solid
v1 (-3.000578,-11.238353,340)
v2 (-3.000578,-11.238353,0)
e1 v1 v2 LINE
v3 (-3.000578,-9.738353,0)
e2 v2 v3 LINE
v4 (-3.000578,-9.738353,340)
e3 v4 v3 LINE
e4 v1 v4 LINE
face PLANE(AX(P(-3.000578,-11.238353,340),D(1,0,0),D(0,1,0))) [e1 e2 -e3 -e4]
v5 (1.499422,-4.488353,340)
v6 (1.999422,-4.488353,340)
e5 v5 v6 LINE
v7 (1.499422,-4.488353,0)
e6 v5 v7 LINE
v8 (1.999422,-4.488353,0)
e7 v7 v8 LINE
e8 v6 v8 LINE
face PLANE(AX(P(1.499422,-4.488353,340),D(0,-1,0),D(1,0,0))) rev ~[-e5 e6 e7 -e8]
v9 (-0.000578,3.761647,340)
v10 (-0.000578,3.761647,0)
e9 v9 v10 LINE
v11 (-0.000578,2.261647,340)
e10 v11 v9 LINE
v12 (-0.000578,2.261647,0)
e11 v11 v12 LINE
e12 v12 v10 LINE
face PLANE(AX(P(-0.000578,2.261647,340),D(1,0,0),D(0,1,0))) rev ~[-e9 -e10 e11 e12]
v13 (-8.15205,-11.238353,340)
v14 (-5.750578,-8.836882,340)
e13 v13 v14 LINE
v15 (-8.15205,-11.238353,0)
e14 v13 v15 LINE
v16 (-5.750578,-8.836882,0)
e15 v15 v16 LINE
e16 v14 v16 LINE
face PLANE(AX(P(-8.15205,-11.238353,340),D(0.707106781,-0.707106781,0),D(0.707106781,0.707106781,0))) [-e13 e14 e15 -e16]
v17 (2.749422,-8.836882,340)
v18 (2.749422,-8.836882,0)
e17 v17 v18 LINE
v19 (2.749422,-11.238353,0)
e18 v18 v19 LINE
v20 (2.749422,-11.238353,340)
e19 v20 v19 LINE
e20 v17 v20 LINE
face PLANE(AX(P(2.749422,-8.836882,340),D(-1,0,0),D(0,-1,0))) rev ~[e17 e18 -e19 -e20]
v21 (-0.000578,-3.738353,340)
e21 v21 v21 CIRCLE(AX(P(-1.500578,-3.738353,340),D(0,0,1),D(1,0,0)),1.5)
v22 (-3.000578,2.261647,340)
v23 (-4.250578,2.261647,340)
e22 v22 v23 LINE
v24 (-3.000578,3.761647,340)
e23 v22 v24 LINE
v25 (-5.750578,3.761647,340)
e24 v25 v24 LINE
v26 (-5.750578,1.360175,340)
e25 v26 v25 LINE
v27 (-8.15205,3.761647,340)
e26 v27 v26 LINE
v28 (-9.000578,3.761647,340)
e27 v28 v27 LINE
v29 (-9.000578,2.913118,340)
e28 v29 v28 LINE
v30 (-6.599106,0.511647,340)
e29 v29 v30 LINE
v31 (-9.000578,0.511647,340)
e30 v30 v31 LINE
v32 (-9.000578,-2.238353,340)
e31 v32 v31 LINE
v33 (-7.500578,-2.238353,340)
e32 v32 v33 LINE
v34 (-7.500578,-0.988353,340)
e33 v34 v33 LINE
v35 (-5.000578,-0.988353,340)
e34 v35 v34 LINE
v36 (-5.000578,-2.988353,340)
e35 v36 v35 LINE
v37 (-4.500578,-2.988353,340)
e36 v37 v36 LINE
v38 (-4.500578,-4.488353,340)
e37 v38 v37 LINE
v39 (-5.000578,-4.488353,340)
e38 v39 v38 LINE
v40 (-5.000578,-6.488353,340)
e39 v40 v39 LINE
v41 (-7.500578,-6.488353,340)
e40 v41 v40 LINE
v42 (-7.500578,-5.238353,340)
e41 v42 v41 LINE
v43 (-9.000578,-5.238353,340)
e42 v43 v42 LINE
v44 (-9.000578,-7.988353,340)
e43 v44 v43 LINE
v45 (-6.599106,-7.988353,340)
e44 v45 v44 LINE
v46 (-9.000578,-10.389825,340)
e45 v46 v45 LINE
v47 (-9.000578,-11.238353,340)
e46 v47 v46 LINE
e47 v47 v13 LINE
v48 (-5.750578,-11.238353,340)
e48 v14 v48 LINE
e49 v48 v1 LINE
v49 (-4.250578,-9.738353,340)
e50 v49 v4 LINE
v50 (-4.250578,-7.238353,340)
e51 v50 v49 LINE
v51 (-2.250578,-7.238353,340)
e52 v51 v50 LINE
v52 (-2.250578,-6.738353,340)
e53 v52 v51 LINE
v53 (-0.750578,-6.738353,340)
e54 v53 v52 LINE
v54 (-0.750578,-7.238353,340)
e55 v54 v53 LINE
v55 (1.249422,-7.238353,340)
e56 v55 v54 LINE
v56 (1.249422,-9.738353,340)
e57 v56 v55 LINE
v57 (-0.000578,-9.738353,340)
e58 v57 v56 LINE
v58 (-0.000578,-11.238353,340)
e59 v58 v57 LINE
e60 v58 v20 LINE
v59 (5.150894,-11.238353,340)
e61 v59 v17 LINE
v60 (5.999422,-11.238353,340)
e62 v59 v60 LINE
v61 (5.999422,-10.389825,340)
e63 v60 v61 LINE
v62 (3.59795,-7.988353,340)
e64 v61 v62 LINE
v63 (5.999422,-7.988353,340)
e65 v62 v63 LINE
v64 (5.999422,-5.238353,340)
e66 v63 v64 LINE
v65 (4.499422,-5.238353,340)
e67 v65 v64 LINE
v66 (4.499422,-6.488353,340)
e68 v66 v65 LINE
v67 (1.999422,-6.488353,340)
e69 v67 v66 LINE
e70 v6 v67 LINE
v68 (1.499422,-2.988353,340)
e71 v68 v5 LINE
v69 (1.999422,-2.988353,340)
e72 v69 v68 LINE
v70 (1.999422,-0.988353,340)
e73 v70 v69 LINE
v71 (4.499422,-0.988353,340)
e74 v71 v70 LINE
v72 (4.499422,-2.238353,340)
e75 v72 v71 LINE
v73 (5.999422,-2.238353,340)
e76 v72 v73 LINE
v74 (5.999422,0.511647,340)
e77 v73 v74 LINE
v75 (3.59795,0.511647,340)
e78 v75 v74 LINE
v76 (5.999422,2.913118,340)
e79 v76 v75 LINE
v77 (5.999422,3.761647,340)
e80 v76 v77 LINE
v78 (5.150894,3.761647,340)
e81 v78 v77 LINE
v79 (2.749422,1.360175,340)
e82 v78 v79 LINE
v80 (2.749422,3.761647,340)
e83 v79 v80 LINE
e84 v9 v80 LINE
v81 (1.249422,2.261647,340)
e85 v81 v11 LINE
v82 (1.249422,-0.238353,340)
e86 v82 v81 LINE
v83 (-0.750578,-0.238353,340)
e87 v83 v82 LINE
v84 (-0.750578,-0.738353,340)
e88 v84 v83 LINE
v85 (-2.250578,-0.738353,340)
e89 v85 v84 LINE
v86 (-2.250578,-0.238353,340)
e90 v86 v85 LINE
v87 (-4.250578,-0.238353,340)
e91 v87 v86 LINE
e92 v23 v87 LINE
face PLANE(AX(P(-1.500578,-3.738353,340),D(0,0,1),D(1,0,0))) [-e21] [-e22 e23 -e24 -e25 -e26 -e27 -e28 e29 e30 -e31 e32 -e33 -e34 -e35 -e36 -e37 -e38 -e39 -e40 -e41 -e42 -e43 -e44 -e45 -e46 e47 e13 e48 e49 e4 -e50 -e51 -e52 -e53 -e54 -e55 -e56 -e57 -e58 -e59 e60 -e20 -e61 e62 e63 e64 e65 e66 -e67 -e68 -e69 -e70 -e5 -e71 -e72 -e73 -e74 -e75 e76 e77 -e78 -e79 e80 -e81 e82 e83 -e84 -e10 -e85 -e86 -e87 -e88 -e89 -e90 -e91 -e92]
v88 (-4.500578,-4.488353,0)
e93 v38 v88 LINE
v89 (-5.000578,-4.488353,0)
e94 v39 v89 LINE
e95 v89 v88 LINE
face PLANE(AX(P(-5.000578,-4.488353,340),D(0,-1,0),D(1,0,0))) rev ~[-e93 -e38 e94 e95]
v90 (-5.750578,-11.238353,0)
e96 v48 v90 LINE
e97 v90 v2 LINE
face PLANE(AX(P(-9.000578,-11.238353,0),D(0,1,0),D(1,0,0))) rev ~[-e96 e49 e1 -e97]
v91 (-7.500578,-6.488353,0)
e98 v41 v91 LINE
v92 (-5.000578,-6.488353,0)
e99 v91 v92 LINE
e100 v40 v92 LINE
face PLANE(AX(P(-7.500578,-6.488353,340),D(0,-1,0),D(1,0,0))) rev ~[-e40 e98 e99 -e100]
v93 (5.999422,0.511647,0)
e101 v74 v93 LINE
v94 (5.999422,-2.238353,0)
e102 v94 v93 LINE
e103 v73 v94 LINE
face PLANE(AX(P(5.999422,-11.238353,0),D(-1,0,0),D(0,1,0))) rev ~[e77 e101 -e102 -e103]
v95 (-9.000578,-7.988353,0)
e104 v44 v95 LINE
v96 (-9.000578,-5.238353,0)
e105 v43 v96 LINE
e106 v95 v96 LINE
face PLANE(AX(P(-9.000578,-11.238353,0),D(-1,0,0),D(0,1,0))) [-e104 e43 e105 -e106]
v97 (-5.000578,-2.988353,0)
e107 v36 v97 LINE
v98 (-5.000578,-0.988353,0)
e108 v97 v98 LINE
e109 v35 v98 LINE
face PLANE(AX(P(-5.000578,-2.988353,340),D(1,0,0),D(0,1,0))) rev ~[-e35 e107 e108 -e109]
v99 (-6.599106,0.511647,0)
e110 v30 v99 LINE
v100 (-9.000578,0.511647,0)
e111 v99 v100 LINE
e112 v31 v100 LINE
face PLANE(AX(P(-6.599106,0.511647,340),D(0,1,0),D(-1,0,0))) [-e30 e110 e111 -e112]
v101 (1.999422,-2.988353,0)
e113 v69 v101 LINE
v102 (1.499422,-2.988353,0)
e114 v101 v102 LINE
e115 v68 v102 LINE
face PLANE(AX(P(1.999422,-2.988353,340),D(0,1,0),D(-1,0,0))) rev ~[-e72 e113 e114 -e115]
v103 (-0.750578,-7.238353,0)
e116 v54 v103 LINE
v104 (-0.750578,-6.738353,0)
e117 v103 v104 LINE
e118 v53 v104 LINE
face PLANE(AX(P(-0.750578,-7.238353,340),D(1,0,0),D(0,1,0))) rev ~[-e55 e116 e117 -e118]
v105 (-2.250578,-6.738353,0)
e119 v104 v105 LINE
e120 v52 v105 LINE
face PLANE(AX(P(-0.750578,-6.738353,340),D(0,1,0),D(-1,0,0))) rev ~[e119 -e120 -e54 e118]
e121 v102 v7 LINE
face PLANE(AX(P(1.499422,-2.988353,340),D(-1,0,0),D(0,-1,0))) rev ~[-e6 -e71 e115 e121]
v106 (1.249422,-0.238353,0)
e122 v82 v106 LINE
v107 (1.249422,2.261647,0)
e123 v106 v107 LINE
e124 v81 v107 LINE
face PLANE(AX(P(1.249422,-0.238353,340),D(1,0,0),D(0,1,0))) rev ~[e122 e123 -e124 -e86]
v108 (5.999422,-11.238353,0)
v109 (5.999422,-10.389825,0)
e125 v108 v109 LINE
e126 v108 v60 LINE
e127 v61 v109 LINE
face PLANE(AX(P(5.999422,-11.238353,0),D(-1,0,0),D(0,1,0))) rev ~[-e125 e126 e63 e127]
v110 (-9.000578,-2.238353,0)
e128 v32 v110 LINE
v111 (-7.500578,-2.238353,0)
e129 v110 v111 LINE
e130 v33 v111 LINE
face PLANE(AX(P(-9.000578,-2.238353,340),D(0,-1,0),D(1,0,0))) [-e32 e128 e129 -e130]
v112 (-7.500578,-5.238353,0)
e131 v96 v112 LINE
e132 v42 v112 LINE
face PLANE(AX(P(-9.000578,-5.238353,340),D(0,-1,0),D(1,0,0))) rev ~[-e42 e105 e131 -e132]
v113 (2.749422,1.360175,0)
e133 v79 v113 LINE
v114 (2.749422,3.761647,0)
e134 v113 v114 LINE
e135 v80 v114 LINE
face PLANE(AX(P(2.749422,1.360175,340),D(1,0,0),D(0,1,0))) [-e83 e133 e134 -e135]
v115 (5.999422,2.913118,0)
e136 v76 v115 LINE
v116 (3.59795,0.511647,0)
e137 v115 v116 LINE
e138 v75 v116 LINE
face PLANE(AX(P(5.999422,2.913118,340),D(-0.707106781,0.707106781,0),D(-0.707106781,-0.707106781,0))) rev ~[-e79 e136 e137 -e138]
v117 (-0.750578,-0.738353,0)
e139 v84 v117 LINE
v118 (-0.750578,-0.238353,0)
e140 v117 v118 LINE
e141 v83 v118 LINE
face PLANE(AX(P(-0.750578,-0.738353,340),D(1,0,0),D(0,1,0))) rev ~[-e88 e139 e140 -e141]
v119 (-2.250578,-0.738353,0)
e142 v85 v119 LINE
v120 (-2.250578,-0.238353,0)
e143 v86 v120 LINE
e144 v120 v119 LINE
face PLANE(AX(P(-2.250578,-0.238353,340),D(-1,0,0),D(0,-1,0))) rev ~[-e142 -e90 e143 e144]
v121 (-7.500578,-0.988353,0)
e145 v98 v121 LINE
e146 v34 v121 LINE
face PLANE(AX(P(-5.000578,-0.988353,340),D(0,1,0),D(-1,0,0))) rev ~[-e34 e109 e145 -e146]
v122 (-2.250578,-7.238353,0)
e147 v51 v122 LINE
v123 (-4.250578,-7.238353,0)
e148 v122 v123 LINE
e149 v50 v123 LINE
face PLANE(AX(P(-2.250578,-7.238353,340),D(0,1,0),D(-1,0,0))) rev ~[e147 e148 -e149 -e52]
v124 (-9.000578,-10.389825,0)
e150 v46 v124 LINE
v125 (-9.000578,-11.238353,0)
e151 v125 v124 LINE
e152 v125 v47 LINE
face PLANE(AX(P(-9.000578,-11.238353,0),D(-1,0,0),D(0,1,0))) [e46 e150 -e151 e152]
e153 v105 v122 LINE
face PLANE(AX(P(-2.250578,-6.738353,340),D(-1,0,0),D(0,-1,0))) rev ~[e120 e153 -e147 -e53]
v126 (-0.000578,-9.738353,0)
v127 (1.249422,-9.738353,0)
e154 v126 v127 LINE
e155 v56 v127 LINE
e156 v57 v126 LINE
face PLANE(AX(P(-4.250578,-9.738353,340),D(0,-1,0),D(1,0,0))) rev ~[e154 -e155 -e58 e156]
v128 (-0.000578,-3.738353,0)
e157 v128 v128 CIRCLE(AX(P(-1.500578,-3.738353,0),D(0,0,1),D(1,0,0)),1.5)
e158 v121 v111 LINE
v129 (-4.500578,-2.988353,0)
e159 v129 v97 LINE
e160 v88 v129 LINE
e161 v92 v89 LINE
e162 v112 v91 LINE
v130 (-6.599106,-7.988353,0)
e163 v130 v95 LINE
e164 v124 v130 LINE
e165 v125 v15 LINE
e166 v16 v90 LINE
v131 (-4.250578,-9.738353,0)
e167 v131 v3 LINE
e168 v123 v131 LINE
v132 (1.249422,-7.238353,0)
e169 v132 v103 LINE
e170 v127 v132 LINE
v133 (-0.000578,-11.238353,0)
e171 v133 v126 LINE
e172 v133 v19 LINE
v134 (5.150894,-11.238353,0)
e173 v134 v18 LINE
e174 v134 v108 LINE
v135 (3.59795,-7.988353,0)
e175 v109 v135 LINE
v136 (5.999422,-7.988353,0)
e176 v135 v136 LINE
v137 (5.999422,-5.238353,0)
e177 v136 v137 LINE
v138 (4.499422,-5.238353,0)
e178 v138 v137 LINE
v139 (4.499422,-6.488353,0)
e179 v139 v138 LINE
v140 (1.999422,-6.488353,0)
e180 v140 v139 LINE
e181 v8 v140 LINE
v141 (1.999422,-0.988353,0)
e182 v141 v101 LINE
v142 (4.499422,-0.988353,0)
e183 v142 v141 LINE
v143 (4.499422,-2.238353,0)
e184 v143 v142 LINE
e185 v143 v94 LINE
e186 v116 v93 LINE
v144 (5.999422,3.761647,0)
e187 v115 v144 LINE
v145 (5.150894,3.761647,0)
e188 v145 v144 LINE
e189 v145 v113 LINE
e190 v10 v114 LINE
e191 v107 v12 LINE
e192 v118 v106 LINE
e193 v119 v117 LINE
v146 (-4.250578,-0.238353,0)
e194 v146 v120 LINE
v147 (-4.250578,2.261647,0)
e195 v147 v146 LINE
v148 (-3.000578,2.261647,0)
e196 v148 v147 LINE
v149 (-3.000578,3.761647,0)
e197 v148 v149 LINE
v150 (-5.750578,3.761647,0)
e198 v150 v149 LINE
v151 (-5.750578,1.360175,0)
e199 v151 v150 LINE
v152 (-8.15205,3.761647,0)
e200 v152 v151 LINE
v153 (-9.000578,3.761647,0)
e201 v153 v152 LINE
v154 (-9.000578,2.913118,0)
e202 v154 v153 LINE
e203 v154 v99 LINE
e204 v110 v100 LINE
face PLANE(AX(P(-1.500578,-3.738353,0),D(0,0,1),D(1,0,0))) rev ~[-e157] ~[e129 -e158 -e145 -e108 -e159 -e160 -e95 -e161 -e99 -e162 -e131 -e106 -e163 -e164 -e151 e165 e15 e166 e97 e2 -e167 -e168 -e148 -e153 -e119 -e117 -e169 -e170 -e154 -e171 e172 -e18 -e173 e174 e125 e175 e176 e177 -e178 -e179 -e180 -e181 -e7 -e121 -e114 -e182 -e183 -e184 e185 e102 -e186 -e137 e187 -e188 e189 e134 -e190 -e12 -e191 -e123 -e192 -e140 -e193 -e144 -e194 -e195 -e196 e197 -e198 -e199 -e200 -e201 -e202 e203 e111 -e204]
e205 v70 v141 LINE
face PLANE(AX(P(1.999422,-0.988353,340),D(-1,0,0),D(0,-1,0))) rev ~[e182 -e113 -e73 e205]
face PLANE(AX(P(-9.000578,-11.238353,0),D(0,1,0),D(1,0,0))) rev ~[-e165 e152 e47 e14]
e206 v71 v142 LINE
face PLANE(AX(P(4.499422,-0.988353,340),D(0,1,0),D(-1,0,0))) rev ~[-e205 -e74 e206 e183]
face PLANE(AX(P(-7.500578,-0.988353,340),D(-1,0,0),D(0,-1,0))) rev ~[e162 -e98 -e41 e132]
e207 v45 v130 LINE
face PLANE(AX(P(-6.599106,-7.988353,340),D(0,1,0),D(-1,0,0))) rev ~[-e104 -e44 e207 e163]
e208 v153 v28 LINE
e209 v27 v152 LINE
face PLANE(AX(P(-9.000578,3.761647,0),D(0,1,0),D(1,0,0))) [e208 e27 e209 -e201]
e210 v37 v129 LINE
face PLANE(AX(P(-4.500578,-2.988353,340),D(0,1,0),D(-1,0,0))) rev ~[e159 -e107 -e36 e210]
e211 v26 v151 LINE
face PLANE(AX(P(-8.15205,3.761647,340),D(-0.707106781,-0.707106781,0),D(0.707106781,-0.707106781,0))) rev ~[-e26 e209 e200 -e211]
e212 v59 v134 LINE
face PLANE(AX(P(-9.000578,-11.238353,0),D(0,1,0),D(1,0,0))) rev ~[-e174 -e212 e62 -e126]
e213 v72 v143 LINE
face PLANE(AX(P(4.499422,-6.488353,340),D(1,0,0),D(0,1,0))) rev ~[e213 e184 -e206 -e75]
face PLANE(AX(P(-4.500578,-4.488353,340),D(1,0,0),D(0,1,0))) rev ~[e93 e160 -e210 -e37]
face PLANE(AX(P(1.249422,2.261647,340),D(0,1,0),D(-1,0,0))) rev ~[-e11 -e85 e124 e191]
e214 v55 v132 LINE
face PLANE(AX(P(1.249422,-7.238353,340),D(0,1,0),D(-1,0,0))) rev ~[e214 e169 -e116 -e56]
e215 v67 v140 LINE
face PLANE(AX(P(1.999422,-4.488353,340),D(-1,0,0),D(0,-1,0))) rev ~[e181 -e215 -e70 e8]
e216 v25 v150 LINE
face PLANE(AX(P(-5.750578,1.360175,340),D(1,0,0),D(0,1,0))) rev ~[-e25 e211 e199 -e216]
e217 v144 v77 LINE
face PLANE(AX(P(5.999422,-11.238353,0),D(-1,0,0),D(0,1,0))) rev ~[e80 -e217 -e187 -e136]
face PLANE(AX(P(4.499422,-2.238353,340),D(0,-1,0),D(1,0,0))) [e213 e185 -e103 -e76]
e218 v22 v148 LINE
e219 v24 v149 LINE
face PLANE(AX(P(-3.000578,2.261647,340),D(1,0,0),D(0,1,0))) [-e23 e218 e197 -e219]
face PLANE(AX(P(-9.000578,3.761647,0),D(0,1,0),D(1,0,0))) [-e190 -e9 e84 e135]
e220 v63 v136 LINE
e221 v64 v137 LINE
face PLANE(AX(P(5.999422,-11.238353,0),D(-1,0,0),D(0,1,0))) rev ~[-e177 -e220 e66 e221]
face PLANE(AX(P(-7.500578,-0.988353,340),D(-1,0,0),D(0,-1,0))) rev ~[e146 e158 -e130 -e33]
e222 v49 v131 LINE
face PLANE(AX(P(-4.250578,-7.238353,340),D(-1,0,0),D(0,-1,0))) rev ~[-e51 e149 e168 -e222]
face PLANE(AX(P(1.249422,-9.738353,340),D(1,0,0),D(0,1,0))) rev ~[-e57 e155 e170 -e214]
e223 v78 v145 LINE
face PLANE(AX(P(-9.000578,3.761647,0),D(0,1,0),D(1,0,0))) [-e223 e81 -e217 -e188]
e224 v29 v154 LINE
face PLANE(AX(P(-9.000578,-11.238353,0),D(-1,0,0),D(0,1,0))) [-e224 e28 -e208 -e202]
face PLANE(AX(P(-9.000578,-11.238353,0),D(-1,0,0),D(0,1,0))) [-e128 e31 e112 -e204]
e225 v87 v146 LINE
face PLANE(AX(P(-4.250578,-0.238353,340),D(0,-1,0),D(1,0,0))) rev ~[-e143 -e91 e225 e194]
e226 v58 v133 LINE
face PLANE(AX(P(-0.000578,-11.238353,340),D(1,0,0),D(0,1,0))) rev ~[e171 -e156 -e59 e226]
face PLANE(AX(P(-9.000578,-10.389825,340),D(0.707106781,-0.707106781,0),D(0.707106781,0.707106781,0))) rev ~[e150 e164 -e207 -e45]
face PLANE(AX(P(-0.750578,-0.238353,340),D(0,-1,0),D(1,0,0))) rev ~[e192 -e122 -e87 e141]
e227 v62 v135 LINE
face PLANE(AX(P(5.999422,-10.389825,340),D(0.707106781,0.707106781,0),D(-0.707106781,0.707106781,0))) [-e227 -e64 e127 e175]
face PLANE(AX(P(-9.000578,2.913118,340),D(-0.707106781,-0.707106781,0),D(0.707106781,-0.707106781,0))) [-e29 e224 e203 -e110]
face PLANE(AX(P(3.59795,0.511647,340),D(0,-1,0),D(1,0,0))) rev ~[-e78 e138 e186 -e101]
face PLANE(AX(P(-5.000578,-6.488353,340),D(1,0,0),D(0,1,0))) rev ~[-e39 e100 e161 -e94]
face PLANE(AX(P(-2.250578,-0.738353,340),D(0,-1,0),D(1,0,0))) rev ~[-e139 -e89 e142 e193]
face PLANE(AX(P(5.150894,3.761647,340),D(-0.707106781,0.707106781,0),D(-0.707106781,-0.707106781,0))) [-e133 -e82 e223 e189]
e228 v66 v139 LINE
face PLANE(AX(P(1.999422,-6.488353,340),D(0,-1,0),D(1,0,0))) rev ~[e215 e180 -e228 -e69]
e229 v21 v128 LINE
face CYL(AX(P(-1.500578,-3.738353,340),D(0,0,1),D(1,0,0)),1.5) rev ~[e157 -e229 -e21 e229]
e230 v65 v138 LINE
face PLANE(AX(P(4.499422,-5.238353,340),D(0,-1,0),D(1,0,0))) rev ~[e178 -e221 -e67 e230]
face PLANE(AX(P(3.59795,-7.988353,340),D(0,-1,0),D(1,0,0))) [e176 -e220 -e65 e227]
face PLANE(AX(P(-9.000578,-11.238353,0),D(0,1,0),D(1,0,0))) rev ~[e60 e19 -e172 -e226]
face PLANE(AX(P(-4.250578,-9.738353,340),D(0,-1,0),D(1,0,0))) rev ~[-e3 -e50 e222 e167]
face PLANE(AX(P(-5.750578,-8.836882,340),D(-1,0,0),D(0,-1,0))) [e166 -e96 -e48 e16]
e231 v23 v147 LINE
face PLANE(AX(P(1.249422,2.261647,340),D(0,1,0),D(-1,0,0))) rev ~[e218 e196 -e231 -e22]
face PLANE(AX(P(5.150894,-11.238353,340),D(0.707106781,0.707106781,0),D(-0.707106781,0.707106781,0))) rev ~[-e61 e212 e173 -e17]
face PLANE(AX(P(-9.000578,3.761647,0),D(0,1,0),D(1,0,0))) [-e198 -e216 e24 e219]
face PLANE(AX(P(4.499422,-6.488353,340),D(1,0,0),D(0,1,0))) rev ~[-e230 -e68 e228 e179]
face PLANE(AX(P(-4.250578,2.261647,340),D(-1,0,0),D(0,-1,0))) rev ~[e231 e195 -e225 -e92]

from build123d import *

# Parameters (mm, degrees)
SKETCH1_W           = 15
SKETCH1_H           = 15
BOSS_EXTRUDE1_DEPTH = 340
SKETCH2_R           = 1.5
CUT_EXTRUDE1_DEPTH  = 340
SKETCH3_W           = 3
SKETCH3_H           = 1.5
SKETCH3_W_2         = 1.5
SKETCH3_H_2         = 3
CUT_EXTRUDE2_DEPTH  = 340


with BuildPart() as part:
    # Sketch1 → Boss-Extrude1 (new body)
    with BuildSketch(Plane.XY):
        with Locations((-1.500578266, -3.738353388)):
            Rectangle(SKETCH1_W, SKETCH1_H)
    extrude(amount=BOSS_EXTRUDE1_DEPTH)

    # Sketch2 → Cut-Extrude1 (cut)
    with BuildSketch(Plane.XY.offset(340)):
        with Locations((-1.500578266, -3.738353388)):
            Circle(SKETCH2_R)
        Polygon((1.999421734, -4.488353388), (1.999421734, -6.488353388), (4.499421734, -6.488353388), (4.499421734, -0.988353388), (1.999421734, -0.988353388), (1.999421734, -2.988353388), (1.499421734, -2.988353388), (1.499421734, -4.488353388), align=None)
        Polygon((-4.250578266, -7.238353388), (-4.250578266, -9.738353388), (1.249421734, -9.738353388), (1.249421734, -7.238353388), (-0.750578266, -7.238353388), (-0.750578266, -6.738353388), (-2.250578266, -6.738353388), (-2.250578266, -7.238353388), align=None)
        Polygon((-5.000578266, -0.988353388), (-7.500578266, -0.988353388), (-7.500578266, -6.488353388), (-5.000578266, -6.488353388), (-5.000578266, -4.488353388), (-4.500578266, -4.488353388), (-4.500578266, -2.988353388), (-5.000578266, -2.988353388), align=None)
        Polygon((1.249421734, -0.238353388), (1.249421734, 2.261646612), (-4.250578266, 2.261646612), (-4.250578266, -0.238353388), (-2.250578266, -0.238353388), (-2.250578266, -0.738353388), (-0.750578266, -0.738353388), (-0.750578266, -0.238353388), align=None)
    extrude(amount=-CUT_EXTRUDE1_DEPTH, mode=Mode.SUBTRACT)

    # Sketch3 → Cut-Extrude2 (cut)
    with BuildSketch(Plane.XY.offset(340)):
        Polygon((5.150893596, 3.761646612), (2.749421734, 1.360174749), (2.749421734, 3.761646612), align=None)
        Polygon((5.999421734, 0.511646612), (5.999421734, 2.913118474), (3.597949871, 0.511646612), align=None)
        with Locations((-1.500578266, 3.011646612)):
            Rectangle(SKETCH3_W, SKETCH3_H)
        Polygon((2.749421734, -8.836881526), (2.749421734, -11.238353388), (5.150893596, -11.238353388), align=None)
        Polygon((5.999421734, -10.389825251), (3.597949871, -7.988353388), (5.999421734, -7.988353388), align=None)
        with Locations((5.249421734, -3.738353388)):
            Rectangle(SKETCH3_W_2, SKETCH3_H_2)
        Polygon((-6.599106404, -7.988353388), (-9.000578266, -7.988353388), (-9.000578266, -10.389825251), align=None)
        Polygon((-8.152050129, -11.238353388), (-5.750578266, -8.836881526), (-5.750578266, -11.238353388), align=None)
        with Locations((-1.500578266, -10.488353388)):
            Rectangle(SKETCH3_W, SKETCH3_H)
        Polygon((-5.750578266, 1.360174749), (-5.750578266, 3.761646612), (-8.152050129, 3.761646612), align=None)
        Polygon((-9.000578266, 2.913118474), (-6.599106404, 0.511646612), (-9.000578266, 0.511646612), align=None)
        with Locations((-8.250578266, -3.738353388)):
            Rectangle(SKETCH3_W_2, SKETCH3_H_2)
    extrude(amount=-CUT_EXTRUDE2_DEPTH, mode=Mode.SUBTRACT)


solid = part.part
